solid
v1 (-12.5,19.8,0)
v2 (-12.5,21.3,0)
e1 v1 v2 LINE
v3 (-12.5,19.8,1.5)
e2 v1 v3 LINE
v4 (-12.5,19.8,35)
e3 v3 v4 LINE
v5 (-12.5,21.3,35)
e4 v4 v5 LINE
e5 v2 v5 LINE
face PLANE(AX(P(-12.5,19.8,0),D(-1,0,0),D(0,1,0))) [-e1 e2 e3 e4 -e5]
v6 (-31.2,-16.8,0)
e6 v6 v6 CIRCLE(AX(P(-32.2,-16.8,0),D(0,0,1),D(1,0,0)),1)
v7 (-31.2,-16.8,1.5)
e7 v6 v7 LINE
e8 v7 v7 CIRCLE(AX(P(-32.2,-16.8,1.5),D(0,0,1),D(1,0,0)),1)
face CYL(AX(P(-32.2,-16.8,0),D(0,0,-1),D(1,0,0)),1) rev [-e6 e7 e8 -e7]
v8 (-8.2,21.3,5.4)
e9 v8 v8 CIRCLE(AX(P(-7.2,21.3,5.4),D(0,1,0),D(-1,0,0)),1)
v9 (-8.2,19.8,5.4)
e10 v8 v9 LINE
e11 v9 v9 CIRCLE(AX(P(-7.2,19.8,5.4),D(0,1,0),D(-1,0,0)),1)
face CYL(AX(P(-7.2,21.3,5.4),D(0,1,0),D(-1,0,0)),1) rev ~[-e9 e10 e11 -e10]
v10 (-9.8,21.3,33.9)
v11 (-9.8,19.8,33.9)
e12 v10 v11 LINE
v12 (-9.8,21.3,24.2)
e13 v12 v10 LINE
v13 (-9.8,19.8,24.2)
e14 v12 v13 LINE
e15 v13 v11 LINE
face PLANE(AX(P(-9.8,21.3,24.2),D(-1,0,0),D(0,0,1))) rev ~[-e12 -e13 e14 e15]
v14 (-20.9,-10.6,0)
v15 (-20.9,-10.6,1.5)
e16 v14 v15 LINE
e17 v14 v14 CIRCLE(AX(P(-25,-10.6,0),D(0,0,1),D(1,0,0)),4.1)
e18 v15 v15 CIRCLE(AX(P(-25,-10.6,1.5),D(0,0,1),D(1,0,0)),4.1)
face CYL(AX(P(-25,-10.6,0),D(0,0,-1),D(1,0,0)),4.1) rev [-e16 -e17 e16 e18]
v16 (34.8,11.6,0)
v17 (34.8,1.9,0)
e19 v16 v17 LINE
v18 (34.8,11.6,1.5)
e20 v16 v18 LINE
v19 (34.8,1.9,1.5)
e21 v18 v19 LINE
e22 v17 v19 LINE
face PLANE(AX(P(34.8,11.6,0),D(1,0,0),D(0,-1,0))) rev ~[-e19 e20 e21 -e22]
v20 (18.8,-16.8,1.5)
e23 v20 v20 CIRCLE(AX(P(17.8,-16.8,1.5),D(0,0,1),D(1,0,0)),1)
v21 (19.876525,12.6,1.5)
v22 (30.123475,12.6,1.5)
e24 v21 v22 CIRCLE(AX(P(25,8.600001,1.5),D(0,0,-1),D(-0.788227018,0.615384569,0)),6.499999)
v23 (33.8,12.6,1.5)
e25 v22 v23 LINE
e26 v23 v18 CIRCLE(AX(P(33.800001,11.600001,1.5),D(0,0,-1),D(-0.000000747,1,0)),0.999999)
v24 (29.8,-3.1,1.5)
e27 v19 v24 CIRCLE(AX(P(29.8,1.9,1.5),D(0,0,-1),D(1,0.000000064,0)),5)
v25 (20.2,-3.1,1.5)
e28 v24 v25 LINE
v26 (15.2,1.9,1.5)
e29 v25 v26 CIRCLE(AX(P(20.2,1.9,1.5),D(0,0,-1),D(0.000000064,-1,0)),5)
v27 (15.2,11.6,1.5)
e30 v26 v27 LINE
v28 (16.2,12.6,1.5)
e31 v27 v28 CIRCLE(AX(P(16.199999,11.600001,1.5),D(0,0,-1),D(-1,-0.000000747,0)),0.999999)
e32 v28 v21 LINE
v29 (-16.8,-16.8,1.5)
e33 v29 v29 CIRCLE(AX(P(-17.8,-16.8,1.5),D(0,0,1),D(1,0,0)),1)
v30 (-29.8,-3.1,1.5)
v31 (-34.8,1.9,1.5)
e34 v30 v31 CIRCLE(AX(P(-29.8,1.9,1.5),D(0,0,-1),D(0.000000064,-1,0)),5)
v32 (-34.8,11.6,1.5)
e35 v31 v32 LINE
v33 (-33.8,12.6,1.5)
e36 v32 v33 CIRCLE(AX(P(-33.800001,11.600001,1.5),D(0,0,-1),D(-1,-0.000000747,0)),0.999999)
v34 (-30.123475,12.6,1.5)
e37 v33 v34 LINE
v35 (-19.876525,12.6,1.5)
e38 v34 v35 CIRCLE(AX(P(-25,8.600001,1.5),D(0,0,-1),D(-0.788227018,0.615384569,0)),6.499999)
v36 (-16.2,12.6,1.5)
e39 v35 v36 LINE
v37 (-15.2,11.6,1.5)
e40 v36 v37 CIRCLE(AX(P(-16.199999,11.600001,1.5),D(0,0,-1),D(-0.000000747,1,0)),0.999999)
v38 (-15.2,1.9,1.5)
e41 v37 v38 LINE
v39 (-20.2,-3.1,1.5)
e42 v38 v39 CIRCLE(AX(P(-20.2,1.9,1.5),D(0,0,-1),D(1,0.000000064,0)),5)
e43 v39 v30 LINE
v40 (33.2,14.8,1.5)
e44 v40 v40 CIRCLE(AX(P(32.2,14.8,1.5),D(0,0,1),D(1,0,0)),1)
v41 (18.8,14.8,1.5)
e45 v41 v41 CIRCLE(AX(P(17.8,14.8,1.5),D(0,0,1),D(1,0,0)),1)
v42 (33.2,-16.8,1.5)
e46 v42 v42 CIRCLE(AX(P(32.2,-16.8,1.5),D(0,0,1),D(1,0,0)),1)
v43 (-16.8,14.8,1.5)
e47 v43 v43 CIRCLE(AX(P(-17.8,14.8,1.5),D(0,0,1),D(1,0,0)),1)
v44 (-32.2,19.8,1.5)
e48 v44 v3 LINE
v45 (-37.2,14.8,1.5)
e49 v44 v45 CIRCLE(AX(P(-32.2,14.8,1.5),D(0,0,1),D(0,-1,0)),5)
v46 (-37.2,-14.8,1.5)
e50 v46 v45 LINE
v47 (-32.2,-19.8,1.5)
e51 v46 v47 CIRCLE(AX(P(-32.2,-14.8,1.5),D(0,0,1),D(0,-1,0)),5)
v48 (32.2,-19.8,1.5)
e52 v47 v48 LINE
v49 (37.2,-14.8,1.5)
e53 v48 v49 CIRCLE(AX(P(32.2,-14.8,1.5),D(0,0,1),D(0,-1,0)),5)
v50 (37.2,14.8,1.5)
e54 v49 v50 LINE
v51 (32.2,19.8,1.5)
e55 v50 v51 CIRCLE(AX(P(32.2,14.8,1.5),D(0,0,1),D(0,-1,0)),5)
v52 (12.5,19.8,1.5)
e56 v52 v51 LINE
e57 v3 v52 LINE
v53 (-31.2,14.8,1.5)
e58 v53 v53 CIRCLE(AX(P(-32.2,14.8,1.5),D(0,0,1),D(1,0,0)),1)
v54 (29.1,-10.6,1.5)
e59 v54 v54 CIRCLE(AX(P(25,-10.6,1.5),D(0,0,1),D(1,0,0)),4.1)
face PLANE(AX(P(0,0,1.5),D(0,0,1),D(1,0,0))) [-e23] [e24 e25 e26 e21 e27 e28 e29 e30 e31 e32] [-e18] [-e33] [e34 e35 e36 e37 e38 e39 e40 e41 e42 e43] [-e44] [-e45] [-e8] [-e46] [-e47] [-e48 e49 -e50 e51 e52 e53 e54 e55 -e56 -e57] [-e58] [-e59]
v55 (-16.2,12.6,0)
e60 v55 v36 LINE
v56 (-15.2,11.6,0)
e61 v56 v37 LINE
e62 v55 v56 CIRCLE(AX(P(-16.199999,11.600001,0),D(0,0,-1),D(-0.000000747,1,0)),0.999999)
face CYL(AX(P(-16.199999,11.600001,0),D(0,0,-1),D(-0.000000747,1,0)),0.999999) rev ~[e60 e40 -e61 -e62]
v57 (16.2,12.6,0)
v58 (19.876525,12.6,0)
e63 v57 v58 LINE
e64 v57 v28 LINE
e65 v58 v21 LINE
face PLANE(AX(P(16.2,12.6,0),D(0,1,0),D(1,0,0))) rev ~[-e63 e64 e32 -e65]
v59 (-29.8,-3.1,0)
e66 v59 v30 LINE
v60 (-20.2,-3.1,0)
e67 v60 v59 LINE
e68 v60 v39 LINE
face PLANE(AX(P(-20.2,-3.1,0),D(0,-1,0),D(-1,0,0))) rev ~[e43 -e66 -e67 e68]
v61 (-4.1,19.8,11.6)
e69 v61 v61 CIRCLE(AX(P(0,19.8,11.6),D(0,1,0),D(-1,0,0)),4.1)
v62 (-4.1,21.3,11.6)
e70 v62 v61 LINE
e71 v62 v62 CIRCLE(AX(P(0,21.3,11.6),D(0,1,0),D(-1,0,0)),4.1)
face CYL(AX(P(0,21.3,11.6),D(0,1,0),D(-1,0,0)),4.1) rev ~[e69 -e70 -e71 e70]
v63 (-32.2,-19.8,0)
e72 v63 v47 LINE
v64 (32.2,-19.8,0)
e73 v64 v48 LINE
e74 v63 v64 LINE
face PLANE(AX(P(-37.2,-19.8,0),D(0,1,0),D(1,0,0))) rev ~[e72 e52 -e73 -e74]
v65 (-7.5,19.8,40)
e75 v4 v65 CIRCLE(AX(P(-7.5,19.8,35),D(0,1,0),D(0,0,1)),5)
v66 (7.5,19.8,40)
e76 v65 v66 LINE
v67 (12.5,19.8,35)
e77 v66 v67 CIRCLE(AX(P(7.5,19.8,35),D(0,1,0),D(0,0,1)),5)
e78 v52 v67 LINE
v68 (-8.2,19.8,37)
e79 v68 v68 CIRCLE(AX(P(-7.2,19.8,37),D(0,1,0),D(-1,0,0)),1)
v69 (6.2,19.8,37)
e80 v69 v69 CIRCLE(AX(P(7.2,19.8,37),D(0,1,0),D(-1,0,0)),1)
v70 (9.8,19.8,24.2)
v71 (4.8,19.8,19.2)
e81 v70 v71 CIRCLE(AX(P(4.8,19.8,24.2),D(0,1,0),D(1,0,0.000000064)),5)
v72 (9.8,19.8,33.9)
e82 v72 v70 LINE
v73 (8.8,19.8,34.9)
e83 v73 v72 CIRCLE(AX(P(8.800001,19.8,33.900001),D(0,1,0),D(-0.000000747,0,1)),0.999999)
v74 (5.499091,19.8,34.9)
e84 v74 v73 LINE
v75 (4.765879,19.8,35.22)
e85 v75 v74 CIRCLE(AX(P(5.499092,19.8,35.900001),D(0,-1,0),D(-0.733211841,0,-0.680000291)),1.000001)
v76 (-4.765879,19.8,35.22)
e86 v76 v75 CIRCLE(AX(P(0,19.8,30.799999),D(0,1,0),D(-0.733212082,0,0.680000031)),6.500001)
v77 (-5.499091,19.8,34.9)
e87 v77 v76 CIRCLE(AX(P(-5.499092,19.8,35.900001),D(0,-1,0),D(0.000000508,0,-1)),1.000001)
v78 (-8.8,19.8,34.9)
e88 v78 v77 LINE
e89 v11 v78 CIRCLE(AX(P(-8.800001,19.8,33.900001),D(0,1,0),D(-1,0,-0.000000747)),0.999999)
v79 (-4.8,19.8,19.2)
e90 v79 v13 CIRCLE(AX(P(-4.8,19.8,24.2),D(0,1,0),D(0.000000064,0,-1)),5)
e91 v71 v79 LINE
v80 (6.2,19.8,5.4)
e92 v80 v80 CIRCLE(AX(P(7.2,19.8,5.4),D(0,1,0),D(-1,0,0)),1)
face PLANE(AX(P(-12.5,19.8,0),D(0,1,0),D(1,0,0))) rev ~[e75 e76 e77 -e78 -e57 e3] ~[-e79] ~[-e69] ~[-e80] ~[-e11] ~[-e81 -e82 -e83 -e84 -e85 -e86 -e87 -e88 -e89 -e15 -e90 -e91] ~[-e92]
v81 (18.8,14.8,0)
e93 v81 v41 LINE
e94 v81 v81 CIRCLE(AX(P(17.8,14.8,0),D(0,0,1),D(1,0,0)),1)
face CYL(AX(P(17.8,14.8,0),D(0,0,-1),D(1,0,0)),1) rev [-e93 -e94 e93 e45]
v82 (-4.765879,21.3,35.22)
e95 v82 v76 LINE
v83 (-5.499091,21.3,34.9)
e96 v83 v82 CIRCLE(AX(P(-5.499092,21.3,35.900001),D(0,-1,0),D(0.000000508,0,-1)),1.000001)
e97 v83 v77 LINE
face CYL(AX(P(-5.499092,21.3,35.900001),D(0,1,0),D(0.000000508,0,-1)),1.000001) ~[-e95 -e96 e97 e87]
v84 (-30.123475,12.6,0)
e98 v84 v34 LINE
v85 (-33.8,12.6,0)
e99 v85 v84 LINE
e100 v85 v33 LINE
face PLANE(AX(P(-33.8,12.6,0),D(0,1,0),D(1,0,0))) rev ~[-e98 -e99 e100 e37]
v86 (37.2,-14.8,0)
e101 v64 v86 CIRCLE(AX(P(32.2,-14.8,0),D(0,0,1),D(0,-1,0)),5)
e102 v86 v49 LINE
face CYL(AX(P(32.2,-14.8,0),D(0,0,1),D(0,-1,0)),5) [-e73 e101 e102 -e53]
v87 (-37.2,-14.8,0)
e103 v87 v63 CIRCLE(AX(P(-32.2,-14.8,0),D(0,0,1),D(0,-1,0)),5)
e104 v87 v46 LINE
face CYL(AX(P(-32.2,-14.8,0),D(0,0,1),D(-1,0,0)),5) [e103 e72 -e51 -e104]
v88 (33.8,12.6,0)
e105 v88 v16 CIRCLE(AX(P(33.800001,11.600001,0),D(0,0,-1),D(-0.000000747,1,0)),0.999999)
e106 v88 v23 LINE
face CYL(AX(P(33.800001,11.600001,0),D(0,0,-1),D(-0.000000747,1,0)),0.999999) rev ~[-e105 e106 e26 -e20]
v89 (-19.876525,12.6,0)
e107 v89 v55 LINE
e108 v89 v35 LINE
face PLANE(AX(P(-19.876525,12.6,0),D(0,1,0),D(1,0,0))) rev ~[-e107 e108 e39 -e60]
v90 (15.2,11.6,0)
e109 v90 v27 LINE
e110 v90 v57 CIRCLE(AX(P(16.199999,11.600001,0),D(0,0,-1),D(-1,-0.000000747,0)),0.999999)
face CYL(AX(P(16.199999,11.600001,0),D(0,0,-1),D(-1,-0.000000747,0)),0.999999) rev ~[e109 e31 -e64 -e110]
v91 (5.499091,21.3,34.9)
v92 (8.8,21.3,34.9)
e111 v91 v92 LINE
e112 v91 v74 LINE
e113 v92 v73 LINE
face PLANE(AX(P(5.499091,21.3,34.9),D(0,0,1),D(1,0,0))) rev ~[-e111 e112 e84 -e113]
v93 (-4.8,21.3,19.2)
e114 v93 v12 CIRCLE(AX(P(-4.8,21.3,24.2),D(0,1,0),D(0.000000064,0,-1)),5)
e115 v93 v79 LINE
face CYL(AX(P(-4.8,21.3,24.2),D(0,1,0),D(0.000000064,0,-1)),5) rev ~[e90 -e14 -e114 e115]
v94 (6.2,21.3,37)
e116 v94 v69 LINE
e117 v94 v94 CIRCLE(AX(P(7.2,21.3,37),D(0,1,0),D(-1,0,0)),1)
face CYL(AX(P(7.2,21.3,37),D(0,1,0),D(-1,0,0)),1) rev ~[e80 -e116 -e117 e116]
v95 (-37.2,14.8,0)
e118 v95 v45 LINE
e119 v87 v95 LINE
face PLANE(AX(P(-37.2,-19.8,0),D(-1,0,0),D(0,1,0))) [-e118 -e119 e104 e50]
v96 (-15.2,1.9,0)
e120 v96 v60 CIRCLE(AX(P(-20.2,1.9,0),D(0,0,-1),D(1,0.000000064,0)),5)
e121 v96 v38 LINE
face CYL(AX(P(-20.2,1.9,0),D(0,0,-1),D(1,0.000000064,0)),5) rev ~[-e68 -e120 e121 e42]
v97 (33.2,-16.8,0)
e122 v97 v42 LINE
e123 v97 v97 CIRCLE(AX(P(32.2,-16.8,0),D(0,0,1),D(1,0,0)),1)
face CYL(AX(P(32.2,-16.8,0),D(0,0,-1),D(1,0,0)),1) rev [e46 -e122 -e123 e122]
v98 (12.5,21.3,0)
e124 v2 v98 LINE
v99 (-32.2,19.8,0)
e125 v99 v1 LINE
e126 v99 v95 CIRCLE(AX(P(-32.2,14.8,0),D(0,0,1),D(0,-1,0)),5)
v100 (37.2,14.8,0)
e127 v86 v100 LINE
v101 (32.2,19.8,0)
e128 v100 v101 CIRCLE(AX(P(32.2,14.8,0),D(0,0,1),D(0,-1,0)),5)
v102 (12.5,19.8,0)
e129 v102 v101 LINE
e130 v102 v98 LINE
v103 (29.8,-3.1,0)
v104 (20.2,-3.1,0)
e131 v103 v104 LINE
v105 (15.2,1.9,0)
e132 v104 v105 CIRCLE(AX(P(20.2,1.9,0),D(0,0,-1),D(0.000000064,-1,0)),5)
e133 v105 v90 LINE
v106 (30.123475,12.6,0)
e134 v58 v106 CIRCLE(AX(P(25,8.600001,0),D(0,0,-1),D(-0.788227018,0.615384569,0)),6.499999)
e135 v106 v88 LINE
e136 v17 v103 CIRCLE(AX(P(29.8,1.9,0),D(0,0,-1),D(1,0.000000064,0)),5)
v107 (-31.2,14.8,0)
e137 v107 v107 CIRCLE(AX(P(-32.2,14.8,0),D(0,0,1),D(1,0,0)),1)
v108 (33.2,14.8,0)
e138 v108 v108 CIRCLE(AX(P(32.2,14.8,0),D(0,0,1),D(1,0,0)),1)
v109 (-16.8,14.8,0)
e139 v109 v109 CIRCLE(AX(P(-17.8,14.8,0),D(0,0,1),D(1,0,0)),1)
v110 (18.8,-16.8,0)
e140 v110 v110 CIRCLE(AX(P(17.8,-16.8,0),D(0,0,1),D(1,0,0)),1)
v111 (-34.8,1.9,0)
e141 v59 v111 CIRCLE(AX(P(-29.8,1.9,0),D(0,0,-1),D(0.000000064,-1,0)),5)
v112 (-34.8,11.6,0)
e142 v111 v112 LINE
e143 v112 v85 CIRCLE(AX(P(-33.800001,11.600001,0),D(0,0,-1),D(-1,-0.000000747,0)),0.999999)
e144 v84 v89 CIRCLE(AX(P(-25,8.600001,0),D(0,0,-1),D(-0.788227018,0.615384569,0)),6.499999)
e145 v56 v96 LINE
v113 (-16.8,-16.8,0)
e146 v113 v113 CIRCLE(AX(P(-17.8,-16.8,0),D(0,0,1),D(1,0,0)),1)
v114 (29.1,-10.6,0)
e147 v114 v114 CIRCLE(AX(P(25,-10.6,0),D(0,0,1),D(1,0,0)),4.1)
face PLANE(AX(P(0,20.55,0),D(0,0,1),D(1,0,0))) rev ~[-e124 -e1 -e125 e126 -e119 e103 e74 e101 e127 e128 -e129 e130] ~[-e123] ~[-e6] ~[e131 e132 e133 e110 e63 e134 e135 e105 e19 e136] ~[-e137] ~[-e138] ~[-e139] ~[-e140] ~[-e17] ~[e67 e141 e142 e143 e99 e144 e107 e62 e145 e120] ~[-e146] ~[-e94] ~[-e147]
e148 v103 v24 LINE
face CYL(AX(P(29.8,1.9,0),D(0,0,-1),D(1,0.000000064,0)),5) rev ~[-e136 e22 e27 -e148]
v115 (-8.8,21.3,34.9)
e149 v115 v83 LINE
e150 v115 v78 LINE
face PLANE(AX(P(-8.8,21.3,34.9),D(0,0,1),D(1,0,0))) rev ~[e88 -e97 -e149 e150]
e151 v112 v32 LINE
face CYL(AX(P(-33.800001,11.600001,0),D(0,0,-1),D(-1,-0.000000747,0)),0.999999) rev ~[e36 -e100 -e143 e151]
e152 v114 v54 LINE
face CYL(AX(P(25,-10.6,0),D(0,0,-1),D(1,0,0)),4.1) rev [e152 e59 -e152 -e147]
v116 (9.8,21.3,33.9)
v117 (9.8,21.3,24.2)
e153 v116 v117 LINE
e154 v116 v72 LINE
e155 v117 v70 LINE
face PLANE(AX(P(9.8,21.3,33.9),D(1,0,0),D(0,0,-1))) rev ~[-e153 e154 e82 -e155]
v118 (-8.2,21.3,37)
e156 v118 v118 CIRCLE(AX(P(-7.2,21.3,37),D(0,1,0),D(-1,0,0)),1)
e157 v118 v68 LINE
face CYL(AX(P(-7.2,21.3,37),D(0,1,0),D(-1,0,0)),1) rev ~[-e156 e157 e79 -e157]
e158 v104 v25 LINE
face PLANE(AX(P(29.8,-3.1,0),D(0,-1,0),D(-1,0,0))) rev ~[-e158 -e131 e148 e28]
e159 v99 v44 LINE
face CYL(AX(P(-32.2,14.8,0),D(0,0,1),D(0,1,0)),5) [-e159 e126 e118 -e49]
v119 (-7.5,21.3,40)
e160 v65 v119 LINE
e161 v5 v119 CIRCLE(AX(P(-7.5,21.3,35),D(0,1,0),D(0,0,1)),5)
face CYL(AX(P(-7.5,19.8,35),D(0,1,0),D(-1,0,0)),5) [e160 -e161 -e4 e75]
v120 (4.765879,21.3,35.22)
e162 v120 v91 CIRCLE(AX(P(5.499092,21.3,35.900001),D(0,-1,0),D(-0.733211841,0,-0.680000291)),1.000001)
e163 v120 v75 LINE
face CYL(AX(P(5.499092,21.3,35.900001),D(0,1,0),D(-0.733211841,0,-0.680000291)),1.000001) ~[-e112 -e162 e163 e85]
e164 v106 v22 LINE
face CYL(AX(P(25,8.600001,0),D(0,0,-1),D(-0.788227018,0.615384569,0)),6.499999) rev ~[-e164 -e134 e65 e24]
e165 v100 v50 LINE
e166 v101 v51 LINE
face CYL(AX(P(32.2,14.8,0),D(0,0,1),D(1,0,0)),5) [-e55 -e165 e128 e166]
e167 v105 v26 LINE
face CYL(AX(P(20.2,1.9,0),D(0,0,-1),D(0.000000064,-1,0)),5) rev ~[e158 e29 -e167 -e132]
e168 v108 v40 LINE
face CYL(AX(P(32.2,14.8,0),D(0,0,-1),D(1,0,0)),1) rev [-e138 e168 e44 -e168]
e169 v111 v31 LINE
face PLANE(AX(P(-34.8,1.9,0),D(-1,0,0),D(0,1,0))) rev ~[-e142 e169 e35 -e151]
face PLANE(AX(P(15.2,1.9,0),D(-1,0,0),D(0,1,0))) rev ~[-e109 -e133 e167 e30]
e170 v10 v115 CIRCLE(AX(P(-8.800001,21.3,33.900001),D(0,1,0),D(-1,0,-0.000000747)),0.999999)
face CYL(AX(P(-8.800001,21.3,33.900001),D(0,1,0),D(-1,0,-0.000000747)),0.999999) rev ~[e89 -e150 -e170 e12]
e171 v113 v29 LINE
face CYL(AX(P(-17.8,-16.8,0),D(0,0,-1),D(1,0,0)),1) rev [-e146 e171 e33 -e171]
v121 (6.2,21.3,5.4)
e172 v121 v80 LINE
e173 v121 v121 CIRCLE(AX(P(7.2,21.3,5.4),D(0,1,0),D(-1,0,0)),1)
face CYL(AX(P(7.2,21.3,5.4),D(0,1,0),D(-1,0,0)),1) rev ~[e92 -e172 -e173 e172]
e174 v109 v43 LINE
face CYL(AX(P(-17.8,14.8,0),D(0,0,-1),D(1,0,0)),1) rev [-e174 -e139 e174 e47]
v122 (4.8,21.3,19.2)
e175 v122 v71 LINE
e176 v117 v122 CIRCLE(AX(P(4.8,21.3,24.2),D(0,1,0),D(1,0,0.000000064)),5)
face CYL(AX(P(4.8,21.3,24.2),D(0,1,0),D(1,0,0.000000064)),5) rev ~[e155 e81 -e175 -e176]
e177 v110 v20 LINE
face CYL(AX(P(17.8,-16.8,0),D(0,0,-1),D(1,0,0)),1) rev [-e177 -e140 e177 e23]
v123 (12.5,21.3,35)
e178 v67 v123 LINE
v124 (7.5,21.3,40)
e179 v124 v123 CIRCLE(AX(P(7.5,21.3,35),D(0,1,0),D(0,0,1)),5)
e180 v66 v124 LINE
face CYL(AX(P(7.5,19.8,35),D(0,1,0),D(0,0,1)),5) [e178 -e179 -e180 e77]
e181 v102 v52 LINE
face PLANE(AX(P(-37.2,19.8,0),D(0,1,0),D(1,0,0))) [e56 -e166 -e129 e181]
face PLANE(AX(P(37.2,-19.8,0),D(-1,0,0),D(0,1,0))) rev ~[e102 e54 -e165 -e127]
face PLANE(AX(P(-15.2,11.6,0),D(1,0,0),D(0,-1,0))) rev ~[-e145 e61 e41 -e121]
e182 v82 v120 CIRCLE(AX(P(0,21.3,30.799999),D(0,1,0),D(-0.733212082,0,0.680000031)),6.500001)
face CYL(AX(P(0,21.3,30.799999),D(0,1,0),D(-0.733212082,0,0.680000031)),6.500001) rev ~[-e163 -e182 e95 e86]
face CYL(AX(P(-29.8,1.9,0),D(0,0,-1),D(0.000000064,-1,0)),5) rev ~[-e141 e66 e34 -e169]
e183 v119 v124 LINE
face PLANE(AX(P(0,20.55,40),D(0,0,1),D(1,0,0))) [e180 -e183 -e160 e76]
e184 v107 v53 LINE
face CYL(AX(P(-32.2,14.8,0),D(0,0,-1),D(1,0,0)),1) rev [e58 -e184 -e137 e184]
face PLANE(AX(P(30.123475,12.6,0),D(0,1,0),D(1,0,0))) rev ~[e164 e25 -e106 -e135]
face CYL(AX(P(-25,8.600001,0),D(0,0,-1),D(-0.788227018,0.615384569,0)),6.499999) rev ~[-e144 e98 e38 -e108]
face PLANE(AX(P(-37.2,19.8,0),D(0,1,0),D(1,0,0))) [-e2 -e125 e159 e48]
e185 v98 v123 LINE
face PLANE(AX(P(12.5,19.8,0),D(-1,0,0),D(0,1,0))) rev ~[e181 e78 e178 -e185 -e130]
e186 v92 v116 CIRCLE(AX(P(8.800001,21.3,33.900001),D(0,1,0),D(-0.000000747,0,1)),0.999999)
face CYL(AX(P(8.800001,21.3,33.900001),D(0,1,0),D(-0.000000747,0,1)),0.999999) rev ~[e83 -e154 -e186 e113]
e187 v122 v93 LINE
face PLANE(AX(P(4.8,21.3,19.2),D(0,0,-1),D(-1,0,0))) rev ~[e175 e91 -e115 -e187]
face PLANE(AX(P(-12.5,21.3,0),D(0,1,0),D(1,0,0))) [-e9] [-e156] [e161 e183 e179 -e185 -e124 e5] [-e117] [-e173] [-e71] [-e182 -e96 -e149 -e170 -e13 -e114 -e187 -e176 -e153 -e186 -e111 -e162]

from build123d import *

# Parameters (mm, degrees)
F0_W     = 74.4
F0_H     = 39.6
F0_R     = 1
F0_R_2   = 4.1
F1_DEPTH = 1.5
F2_W     = 25
F2_H     = 1.5
F3_DEPTH = 40
F4_R     = 1
F4_R_2   = 4.1
F5_DEPTH = 1.5
F6_R     = 5


with BuildPart() as f1:
    # F0 (on Top) → F1 (new body)
    with BuildSketch(Plane.XY):
        Rectangle(F0_W, F0_H)
        with Locations((-32.2, -16.8)):
            Circle(F0_R, mode=Mode.SUBTRACT)
        with Locations((-25, -10.6)):
            Circle(F0_R_2, mode=Mode.SUBTRACT)
        with Locations((-17.8, -16.8)):
            Circle(F0_R, mode=Mode.SUBTRACT)
        with Locations((17.8, -16.8)):
            Circle(F0_R, mode=Mode.SUBTRACT)
        with Locations((32.2, -16.8)):
            Circle(F0_R, mode=Mode.SUBTRACT)
        with Locations((25, -10.6)):
            Circle(F0_R_2, mode=Mode.SUBTRACT)
        with BuildLine():
            ThreePointArc((-34.8, 11.6), (-34.507107, 12.307107), (-33.8, 12.6))
            Line((-33.8, 12.6), (-30.123475, 12.6))
            ThreePointArc((-30.123475, 12.6), (-25, 15.1), (-19.876525, 12.6))
            Line((-19.876525, 12.6), (-16.2, 12.6))
            ThreePointArc((-16.2, 12.6), (-15.492893, 12.307107), (-15.2, 11.6))
            Line((-15.2, 11.6), (-15.2, 1.9))
            ThreePointArc((-15.2, 1.9), (-16.664466, -1.635534), (-20.2, -3.1))
            Line((-20.2, -3.1), (-29.8, -3.1))
            ThreePointArc((-29.8, -3.1), (-33.335534, -1.635534), (-34.8, 1.9))
            Line((-34.8, 1.9), (-34.8, 11.6))
        make_face(mode=Mode.SUBTRACT)
        with Locations((-32.2, 14.8)):
            Circle(F0_R, mode=Mode.SUBTRACT)
        with Locations((-17.8, 14.8)):
            Circle(F0_R, mode=Mode.SUBTRACT)
        with BuildLine():
            Line((15.2, 1.9), (15.2, 11.6))
            ThreePointArc((15.2, 11.6), (15.492893, 12.307107), (16.2, 12.6))
            Line((16.2, 12.6), (19.876525, 12.6))
            ThreePointArc((19.876525, 12.6), (25, 15.1), (30.123475, 12.6))
            Line((30.123475, 12.6), (33.8, 12.6))
            ThreePointArc((33.8, 12.6), (34.507107, 12.307107), (34.8, 11.6))
            Line((34.8, 11.6), (34.8, 1.9))
            ThreePointArc((34.8, 1.9), (33.335534, -1.635534), (29.8, -3.1))
            Line((29.8, -3.1), (20.2, -3.1))
            ThreePointArc((20.2, -3.1), (16.664466, -1.635534), (15.2, 1.9))
        make_face(mode=Mode.SUBTRACT)
        with Locations((17.8, 14.8)):
            Circle(F0_R, mode=Mode.SUBTRACT)
        with Locations((32.2, 14.8)):
            Circle(F0_R, mode=Mode.SUBTRACT)
    extrude(amount=F1_DEPTH)

    # F2 (on Top) → F3 (join)
    with BuildSketch(Plane.XY):
        with Locations((0, 20.55)):
            Rectangle(F2_W, F2_H)
    extrude(amount=F3_DEPTH)

    # F4 (on face) → F5 (cut, through all)
    with BuildSketch(Plane(origin=(0, 21.3, 0), x_dir=(-1, 0, 0), z_dir=(0, 1, 0))):
        with Locations((7.2, 37)):
            Circle(F4_R)
        with Locations((7.2, 5.4)):
            Circle(F4_R)
        with Locations((0, 11.6)):
            Circle(F4_R_2)
        with BuildLine():
            ThreePointArc((9.8, 33.9), (9.507107, 34.607107), (8.8, 34.9))
            Line((8.8, 34.9), (5.499091, 34.9))
            ThreePointArc((5.499091, 34.9), (5.099091, 34.983485), (4.765879, 35.22))
            ThreePointArc((4.765879, 35.22), (0, 37.3), (-4.765879, 35.22))
            ThreePointArc((-4.765879, 35.22), (-5.099091, 34.983485), (-5.499091, 34.9))
            Line((-5.499091, 34.9), (-8.8, 34.9))
            ThreePointArc((-8.8, 34.9), (-9.507107, 34.607107), (-9.8, 33.9))
            Line((-9.8, 33.9), (-9.8, 24.2))
            ThreePointArc((-9.8, 24.2), (-8.335534, 20.664466), (-4.8, 19.2))
            Line((-4.8, 19.2), (4.8, 19.2))
            ThreePointArc((4.8, 19.2), (8.335534, 20.664466), (9.8, 24.2))
            Line((9.8, 24.2), (9.8, 33.9))
        make_face()
        with Locations((-7.2, 37)):
            Circle(F4_R)
        with Locations((-7.2, 5.4)):
            Circle(F4_R)
    extrude(amount=-F5_DEPTH, mode=Mode.SUBTRACT)

    # F6
    f6_edges = [f1.edges().sort_by_distance(p)[0] for p in [
        (-37.2, 19.8, 0.75),
        (-37.2, -19.8, 0.75),
        (37.2, 19.8, 0.75),
        (37.2, -19.8, 0.75),
        (-12.5, 20.55, 40),
        (12.5, 20.55, 40),
    ]]
    fillet(f6_edges, radius=F6_R)


solid = f1.part
